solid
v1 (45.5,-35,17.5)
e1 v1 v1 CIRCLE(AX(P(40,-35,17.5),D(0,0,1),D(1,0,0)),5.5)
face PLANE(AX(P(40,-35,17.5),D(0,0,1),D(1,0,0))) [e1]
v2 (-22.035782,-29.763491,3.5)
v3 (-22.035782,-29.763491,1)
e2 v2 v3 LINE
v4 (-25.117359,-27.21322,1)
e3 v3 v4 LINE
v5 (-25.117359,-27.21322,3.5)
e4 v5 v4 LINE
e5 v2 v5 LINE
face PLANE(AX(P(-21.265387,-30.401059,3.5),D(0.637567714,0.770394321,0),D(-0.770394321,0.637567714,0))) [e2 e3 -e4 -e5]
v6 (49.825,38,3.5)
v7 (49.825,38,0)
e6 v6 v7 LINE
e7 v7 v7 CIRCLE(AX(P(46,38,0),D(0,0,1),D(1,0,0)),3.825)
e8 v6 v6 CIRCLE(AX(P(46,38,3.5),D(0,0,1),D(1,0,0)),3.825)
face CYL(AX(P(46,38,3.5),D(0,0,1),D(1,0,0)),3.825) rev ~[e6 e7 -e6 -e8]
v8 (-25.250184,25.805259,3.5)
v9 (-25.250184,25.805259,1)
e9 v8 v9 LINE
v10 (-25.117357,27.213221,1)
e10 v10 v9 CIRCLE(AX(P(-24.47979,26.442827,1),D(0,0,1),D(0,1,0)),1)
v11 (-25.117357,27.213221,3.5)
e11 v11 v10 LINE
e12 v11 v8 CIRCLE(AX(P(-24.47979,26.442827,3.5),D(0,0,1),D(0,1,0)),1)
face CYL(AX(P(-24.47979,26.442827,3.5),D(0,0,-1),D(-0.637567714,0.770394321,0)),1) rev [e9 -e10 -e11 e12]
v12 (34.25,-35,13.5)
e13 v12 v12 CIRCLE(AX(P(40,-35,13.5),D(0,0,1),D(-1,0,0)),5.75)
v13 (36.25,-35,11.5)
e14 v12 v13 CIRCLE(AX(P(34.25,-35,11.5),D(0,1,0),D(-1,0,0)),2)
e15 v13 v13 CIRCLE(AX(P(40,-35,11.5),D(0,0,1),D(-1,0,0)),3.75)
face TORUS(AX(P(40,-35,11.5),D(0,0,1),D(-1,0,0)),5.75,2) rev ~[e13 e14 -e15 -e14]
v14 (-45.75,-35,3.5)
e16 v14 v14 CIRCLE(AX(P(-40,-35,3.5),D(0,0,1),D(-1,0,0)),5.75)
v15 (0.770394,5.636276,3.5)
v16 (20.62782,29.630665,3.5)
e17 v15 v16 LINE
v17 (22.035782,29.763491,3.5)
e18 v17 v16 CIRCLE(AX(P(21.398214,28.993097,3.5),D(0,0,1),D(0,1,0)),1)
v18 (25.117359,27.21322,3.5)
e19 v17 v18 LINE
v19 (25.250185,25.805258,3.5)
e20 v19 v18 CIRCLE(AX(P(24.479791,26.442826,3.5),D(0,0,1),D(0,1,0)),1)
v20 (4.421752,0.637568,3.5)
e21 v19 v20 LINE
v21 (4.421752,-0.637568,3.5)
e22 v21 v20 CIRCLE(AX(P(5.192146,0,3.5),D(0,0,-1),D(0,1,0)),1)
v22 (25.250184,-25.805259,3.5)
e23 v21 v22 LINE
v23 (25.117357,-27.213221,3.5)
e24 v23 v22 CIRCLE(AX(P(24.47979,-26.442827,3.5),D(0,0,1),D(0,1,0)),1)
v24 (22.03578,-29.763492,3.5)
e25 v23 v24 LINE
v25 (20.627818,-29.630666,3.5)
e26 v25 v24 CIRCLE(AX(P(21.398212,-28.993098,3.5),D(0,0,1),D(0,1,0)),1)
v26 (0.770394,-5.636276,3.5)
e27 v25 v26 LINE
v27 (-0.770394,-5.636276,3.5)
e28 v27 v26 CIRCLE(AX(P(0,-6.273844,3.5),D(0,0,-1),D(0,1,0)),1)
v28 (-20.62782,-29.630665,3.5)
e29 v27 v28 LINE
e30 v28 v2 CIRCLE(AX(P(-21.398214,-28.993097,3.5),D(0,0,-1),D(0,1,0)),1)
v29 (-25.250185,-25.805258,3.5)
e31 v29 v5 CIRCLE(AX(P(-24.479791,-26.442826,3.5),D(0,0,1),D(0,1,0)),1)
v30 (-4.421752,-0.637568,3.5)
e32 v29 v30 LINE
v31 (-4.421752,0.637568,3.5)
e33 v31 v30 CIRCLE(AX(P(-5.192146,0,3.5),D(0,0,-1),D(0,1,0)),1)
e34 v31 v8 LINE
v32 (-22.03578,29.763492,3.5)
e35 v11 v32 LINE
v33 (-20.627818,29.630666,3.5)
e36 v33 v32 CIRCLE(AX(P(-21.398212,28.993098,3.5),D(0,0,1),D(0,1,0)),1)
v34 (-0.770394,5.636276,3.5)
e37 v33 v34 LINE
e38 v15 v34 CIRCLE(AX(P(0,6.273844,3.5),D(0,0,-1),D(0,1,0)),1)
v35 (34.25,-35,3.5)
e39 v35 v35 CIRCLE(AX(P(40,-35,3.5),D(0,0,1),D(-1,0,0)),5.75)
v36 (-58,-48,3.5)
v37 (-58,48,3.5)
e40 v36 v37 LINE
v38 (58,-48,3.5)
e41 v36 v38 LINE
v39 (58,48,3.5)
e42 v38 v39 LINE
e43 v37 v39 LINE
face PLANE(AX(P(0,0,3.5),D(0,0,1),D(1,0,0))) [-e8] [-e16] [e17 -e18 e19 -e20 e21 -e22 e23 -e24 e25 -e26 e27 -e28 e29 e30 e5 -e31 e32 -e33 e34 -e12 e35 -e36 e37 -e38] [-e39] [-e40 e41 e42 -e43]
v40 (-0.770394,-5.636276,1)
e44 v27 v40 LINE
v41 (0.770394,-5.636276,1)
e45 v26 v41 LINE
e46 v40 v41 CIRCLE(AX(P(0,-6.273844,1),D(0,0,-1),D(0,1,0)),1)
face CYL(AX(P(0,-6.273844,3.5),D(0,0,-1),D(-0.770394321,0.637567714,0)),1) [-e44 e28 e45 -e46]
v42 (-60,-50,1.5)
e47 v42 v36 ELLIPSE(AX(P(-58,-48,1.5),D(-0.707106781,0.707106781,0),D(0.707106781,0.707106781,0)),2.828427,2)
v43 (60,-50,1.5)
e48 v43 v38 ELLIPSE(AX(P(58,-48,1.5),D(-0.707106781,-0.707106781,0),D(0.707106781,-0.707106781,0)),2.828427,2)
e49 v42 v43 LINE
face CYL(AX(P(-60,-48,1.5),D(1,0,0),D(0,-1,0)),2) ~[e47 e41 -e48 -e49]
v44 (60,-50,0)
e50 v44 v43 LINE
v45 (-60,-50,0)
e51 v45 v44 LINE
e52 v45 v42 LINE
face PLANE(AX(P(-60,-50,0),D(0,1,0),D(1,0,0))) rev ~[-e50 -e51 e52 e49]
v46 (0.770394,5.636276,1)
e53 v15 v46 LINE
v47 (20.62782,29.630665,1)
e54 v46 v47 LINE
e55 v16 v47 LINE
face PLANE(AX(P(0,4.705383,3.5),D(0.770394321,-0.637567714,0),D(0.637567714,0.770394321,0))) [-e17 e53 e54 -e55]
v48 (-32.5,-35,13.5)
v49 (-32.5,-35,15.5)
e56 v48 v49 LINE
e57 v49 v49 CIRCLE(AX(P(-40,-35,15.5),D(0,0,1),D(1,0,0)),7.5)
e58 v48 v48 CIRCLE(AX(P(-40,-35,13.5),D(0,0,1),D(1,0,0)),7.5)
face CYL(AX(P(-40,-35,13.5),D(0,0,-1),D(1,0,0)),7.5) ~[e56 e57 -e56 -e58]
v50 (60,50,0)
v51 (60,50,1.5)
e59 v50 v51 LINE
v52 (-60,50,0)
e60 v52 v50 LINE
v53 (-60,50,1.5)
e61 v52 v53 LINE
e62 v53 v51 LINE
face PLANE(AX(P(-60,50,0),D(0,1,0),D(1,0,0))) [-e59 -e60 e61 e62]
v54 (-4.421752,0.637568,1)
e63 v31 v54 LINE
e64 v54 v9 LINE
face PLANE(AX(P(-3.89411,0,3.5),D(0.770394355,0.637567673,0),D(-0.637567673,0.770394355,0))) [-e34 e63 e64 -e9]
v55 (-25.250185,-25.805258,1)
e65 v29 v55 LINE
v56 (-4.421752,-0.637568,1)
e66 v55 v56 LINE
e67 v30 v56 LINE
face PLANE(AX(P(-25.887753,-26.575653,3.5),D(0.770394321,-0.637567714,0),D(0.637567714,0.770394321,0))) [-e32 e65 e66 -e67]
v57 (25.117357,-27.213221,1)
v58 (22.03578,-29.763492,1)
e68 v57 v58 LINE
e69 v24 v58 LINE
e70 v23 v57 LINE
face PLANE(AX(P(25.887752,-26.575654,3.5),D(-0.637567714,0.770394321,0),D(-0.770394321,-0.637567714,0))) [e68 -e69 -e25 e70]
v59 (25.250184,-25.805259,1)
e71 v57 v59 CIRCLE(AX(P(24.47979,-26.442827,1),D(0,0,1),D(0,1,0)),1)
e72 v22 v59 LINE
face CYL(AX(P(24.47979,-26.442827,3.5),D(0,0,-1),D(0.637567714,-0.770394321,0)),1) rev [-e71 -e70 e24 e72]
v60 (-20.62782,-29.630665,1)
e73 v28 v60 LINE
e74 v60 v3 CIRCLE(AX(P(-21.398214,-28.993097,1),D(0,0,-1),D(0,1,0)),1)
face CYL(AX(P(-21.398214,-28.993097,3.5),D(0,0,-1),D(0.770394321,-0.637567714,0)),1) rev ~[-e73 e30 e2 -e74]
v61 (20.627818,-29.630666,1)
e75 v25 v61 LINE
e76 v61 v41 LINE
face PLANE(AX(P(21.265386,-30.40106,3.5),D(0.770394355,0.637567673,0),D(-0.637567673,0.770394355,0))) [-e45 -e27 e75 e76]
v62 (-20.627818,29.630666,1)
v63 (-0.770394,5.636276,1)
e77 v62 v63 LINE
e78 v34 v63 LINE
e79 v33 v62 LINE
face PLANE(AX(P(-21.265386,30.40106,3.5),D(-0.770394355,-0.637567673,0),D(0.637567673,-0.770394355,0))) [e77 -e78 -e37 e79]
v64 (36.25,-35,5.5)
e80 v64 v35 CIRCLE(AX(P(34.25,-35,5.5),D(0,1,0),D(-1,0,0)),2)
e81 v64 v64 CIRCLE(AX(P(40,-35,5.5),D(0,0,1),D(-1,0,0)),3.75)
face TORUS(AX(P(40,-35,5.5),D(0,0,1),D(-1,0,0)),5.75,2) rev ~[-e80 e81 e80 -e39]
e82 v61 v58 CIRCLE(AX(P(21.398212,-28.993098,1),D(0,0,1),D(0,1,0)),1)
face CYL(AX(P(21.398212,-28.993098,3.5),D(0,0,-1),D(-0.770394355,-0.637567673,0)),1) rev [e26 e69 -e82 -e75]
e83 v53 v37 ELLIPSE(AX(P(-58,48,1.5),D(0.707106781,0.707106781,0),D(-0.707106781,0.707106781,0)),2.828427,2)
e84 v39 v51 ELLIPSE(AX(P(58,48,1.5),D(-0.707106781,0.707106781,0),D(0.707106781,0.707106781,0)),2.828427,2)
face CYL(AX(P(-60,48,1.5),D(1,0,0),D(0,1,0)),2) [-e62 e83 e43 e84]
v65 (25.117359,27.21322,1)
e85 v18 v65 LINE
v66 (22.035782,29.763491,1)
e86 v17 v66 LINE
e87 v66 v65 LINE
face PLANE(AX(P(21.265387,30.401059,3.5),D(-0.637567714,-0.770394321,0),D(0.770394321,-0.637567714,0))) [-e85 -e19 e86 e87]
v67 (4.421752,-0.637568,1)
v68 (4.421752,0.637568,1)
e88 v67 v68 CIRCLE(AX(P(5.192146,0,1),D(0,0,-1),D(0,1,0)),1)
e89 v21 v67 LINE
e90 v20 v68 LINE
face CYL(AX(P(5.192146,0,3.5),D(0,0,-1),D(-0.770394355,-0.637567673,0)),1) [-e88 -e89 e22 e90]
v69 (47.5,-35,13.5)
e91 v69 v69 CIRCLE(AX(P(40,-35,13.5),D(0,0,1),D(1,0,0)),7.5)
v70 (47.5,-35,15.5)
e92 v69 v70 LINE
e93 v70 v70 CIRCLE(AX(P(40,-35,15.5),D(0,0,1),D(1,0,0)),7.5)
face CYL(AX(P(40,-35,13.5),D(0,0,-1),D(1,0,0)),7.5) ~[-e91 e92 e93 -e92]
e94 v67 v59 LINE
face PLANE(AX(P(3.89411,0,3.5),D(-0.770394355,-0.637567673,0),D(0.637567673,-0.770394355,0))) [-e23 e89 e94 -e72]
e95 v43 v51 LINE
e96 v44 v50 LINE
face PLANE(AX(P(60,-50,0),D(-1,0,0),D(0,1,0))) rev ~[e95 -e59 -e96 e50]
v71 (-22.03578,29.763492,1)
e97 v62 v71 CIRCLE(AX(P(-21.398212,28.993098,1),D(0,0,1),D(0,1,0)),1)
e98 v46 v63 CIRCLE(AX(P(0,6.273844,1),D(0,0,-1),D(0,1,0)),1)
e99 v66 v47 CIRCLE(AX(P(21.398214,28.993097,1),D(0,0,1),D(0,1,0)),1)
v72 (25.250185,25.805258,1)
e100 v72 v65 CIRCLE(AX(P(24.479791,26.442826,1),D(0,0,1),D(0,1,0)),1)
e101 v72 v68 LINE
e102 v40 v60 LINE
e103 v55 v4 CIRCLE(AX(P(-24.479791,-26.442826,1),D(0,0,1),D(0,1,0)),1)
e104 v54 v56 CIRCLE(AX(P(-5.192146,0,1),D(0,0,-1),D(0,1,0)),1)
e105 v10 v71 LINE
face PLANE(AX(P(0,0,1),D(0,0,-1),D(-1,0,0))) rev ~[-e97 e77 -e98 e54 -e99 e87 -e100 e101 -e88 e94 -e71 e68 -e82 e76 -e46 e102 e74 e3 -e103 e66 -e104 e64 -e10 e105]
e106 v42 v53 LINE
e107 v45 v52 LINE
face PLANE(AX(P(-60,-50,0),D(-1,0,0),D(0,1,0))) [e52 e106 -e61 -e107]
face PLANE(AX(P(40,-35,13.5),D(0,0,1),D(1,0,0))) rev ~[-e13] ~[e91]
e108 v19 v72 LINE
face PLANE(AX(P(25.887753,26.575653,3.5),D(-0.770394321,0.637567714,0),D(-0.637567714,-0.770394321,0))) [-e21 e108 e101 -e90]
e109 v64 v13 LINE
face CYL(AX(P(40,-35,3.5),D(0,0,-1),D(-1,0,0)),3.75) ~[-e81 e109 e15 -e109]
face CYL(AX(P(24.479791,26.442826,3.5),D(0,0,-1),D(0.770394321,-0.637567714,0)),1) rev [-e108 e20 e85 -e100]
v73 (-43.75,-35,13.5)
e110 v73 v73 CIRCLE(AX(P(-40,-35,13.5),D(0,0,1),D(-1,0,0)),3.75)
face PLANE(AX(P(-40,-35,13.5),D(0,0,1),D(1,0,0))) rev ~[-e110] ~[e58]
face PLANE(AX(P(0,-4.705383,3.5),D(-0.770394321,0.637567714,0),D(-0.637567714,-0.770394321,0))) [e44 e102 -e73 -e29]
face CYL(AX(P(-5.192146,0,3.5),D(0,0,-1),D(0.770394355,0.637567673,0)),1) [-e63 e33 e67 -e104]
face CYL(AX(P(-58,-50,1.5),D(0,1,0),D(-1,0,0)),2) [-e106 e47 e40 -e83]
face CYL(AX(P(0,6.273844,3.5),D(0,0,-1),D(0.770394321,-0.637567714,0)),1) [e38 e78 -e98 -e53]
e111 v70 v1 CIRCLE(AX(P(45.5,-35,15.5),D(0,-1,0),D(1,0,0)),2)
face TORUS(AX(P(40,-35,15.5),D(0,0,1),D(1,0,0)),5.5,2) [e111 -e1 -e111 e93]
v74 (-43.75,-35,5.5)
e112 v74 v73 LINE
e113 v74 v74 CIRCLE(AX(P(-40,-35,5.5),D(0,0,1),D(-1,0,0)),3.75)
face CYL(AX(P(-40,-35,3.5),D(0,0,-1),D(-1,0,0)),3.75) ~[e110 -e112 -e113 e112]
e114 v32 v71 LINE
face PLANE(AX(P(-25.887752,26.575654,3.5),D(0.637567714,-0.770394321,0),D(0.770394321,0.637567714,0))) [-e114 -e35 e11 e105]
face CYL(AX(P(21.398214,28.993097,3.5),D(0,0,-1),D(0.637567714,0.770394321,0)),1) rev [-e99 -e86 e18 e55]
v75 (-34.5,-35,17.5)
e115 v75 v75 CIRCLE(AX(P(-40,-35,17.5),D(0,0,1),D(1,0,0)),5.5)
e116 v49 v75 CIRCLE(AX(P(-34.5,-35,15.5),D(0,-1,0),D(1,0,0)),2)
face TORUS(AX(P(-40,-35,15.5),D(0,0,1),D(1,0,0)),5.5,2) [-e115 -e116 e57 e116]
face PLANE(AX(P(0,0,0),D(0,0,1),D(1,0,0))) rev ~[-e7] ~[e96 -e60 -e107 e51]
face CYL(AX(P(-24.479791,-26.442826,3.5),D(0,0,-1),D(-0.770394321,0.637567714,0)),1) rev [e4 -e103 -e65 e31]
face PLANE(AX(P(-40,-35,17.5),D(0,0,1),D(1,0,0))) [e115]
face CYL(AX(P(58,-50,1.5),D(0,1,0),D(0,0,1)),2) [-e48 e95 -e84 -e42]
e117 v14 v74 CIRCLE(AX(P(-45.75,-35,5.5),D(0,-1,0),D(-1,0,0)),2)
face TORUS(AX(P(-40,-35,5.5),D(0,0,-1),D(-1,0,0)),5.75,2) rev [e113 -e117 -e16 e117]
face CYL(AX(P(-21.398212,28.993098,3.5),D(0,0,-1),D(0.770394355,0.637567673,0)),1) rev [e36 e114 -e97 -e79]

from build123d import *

# Parameters (mm, degrees)
SKETCH1_W           = 120
SKETCH1_H           = 100
BOSS_EXTRUDE1_DEPTH = 3.5
SKETCH9_R           = 3.825
CUT_EXTRUDE4_DEPTH  = 4
FILLET1_R           = 2
SKETCH10_R          = 3.75
BOSS_EXTRUDE4_DEPTH = 10
SKETCH11_R          = 7.5
BOSS_EXTRUDE5_DEPTH = 4
SKETCH12_R          = 7.5
BOSS_EXTRUDE6_DEPTH = 4
FILLET2_R           = 2
CUT_EXTRUDE9_DEPTH  = 2.5
FILLET3_R           = 1


with BuildPart() as part:
    # Sketch1 → Boss-Extrude1 (new body)
    with BuildSketch(Plane.XY):
        Rectangle(SKETCH1_W, SKETCH1_H)
    extrude(amount=BOSS_EXTRUDE1_DEPTH)

    # Sketch9 → Cut-Extrude4 (cut)
    with BuildSketch(Plane.XY.offset(3.5)):
        with Locations((46, 38)):
            Circle(SKETCH9_R)
    extrude(amount=-CUT_EXTRUDE4_DEPTH, mode=Mode.SUBTRACT)

    # Fillet1
    fillet1_edges = [part.edges().sort_by_distance(p)[0] for p in [
        (-60, 0, 3.5),
        (0, -50, 3.5),
        (60, 0, 3.5),
        (0, 50, 3.5),
    ]]
    fillet(fillet1_edges, radius=FILLET1_R)

    # Sketch10 → Boss-Extrude4 (add)
    with BuildSketch(Plane.XY.offset(3.5)):
        with Locations(Location((-40, -35, 0), (0, 0, 180))):
            Circle(SKETCH10_R)
        with Locations(Location((40, -35, 0), (0, 0, 180))):
            Circle(SKETCH10_R)
    extrude(amount=BOSS_EXTRUDE4_DEPTH)

    # Sketch11 → Boss-Extrude5 (add)
    with BuildSketch(Plane.XY.offset(13.5)):
        with Locations((-40, -35)):
            Circle(SKETCH11_R)
    extrude(amount=BOSS_EXTRUDE5_DEPTH)

    # Sketch12 → Boss-Extrude6 (add)
    with BuildSketch(Plane.XY.offset(13.5)):
        with Locations((40, -35)):
            Circle(SKETCH12_R)
    extrude(amount=BOSS_EXTRUDE6_DEPTH)

    # Fillet2
    fillet2_edges = [part.edges().sort_by_distance(p)[0] for p in [
        (-36.25, -35, 3.5),
        (43.75, -35, 3.5),
        (43.75, -35, 13.5),
        (-47.5, -35, 17.5),
        (32.5, -35, 17.5),
    ]]
    fillet(fillet2_edges, radius=FILLET2_R)

    # Sketch19 → Cut-Extrude9 (cut)
    with BuildSketch(Plane.XY.offset(3.5)):
        Polygon((-21.265387255, -30.401058823), (-25.887753182, -26.575652539), (-3.894109616, 1.04e-07), (-25.887751659, 26.575653799), (-21.265385732, 30.401060083), (1.26e-07, 4.705382708), (21.265387255, 30.401058823), (25.887753182, 26.575652539), (3.894109616, -1.04e-07), (25.887751659, -26.575653799), (21.265385732, -30.401060083), (-1.26e-07, -4.705382708), align=None)
    extrude(amount=-CUT_EXTRUDE9_DEPTH, mode=Mode.SUBTRACT)

    # Fillet3
    fillet3_edges = [part.edges().sort_by_distance(p)[0] for p in [
        (-3.894109616, 1.04e-07, 2.25),
        (-25.887751659, 26.575653799, 2.25),
        (-21.265385732, 30.401060083, 2.25),
        (1.26e-07, 4.705382708, 2.25),
        (21.265387255, 30.401058823, 2.25),
        (25.887753182, 26.575652539, 2.25),
        (3.894109616, -1.04e-07, 2.25),
        (25.887751659, -26.575653799, 2.25),
        (21.265385732, -30.401060083, 2.25),
        (-1.26e-07, -4.705382708, 2.25),
        (-21.265387255, -30.401058823, 2.25),
        (-25.887753182, -26.575652539, 2.25),
    ]]
    fillet(fillet3_edges, radius=FILLET3_R)


solid = part.part
